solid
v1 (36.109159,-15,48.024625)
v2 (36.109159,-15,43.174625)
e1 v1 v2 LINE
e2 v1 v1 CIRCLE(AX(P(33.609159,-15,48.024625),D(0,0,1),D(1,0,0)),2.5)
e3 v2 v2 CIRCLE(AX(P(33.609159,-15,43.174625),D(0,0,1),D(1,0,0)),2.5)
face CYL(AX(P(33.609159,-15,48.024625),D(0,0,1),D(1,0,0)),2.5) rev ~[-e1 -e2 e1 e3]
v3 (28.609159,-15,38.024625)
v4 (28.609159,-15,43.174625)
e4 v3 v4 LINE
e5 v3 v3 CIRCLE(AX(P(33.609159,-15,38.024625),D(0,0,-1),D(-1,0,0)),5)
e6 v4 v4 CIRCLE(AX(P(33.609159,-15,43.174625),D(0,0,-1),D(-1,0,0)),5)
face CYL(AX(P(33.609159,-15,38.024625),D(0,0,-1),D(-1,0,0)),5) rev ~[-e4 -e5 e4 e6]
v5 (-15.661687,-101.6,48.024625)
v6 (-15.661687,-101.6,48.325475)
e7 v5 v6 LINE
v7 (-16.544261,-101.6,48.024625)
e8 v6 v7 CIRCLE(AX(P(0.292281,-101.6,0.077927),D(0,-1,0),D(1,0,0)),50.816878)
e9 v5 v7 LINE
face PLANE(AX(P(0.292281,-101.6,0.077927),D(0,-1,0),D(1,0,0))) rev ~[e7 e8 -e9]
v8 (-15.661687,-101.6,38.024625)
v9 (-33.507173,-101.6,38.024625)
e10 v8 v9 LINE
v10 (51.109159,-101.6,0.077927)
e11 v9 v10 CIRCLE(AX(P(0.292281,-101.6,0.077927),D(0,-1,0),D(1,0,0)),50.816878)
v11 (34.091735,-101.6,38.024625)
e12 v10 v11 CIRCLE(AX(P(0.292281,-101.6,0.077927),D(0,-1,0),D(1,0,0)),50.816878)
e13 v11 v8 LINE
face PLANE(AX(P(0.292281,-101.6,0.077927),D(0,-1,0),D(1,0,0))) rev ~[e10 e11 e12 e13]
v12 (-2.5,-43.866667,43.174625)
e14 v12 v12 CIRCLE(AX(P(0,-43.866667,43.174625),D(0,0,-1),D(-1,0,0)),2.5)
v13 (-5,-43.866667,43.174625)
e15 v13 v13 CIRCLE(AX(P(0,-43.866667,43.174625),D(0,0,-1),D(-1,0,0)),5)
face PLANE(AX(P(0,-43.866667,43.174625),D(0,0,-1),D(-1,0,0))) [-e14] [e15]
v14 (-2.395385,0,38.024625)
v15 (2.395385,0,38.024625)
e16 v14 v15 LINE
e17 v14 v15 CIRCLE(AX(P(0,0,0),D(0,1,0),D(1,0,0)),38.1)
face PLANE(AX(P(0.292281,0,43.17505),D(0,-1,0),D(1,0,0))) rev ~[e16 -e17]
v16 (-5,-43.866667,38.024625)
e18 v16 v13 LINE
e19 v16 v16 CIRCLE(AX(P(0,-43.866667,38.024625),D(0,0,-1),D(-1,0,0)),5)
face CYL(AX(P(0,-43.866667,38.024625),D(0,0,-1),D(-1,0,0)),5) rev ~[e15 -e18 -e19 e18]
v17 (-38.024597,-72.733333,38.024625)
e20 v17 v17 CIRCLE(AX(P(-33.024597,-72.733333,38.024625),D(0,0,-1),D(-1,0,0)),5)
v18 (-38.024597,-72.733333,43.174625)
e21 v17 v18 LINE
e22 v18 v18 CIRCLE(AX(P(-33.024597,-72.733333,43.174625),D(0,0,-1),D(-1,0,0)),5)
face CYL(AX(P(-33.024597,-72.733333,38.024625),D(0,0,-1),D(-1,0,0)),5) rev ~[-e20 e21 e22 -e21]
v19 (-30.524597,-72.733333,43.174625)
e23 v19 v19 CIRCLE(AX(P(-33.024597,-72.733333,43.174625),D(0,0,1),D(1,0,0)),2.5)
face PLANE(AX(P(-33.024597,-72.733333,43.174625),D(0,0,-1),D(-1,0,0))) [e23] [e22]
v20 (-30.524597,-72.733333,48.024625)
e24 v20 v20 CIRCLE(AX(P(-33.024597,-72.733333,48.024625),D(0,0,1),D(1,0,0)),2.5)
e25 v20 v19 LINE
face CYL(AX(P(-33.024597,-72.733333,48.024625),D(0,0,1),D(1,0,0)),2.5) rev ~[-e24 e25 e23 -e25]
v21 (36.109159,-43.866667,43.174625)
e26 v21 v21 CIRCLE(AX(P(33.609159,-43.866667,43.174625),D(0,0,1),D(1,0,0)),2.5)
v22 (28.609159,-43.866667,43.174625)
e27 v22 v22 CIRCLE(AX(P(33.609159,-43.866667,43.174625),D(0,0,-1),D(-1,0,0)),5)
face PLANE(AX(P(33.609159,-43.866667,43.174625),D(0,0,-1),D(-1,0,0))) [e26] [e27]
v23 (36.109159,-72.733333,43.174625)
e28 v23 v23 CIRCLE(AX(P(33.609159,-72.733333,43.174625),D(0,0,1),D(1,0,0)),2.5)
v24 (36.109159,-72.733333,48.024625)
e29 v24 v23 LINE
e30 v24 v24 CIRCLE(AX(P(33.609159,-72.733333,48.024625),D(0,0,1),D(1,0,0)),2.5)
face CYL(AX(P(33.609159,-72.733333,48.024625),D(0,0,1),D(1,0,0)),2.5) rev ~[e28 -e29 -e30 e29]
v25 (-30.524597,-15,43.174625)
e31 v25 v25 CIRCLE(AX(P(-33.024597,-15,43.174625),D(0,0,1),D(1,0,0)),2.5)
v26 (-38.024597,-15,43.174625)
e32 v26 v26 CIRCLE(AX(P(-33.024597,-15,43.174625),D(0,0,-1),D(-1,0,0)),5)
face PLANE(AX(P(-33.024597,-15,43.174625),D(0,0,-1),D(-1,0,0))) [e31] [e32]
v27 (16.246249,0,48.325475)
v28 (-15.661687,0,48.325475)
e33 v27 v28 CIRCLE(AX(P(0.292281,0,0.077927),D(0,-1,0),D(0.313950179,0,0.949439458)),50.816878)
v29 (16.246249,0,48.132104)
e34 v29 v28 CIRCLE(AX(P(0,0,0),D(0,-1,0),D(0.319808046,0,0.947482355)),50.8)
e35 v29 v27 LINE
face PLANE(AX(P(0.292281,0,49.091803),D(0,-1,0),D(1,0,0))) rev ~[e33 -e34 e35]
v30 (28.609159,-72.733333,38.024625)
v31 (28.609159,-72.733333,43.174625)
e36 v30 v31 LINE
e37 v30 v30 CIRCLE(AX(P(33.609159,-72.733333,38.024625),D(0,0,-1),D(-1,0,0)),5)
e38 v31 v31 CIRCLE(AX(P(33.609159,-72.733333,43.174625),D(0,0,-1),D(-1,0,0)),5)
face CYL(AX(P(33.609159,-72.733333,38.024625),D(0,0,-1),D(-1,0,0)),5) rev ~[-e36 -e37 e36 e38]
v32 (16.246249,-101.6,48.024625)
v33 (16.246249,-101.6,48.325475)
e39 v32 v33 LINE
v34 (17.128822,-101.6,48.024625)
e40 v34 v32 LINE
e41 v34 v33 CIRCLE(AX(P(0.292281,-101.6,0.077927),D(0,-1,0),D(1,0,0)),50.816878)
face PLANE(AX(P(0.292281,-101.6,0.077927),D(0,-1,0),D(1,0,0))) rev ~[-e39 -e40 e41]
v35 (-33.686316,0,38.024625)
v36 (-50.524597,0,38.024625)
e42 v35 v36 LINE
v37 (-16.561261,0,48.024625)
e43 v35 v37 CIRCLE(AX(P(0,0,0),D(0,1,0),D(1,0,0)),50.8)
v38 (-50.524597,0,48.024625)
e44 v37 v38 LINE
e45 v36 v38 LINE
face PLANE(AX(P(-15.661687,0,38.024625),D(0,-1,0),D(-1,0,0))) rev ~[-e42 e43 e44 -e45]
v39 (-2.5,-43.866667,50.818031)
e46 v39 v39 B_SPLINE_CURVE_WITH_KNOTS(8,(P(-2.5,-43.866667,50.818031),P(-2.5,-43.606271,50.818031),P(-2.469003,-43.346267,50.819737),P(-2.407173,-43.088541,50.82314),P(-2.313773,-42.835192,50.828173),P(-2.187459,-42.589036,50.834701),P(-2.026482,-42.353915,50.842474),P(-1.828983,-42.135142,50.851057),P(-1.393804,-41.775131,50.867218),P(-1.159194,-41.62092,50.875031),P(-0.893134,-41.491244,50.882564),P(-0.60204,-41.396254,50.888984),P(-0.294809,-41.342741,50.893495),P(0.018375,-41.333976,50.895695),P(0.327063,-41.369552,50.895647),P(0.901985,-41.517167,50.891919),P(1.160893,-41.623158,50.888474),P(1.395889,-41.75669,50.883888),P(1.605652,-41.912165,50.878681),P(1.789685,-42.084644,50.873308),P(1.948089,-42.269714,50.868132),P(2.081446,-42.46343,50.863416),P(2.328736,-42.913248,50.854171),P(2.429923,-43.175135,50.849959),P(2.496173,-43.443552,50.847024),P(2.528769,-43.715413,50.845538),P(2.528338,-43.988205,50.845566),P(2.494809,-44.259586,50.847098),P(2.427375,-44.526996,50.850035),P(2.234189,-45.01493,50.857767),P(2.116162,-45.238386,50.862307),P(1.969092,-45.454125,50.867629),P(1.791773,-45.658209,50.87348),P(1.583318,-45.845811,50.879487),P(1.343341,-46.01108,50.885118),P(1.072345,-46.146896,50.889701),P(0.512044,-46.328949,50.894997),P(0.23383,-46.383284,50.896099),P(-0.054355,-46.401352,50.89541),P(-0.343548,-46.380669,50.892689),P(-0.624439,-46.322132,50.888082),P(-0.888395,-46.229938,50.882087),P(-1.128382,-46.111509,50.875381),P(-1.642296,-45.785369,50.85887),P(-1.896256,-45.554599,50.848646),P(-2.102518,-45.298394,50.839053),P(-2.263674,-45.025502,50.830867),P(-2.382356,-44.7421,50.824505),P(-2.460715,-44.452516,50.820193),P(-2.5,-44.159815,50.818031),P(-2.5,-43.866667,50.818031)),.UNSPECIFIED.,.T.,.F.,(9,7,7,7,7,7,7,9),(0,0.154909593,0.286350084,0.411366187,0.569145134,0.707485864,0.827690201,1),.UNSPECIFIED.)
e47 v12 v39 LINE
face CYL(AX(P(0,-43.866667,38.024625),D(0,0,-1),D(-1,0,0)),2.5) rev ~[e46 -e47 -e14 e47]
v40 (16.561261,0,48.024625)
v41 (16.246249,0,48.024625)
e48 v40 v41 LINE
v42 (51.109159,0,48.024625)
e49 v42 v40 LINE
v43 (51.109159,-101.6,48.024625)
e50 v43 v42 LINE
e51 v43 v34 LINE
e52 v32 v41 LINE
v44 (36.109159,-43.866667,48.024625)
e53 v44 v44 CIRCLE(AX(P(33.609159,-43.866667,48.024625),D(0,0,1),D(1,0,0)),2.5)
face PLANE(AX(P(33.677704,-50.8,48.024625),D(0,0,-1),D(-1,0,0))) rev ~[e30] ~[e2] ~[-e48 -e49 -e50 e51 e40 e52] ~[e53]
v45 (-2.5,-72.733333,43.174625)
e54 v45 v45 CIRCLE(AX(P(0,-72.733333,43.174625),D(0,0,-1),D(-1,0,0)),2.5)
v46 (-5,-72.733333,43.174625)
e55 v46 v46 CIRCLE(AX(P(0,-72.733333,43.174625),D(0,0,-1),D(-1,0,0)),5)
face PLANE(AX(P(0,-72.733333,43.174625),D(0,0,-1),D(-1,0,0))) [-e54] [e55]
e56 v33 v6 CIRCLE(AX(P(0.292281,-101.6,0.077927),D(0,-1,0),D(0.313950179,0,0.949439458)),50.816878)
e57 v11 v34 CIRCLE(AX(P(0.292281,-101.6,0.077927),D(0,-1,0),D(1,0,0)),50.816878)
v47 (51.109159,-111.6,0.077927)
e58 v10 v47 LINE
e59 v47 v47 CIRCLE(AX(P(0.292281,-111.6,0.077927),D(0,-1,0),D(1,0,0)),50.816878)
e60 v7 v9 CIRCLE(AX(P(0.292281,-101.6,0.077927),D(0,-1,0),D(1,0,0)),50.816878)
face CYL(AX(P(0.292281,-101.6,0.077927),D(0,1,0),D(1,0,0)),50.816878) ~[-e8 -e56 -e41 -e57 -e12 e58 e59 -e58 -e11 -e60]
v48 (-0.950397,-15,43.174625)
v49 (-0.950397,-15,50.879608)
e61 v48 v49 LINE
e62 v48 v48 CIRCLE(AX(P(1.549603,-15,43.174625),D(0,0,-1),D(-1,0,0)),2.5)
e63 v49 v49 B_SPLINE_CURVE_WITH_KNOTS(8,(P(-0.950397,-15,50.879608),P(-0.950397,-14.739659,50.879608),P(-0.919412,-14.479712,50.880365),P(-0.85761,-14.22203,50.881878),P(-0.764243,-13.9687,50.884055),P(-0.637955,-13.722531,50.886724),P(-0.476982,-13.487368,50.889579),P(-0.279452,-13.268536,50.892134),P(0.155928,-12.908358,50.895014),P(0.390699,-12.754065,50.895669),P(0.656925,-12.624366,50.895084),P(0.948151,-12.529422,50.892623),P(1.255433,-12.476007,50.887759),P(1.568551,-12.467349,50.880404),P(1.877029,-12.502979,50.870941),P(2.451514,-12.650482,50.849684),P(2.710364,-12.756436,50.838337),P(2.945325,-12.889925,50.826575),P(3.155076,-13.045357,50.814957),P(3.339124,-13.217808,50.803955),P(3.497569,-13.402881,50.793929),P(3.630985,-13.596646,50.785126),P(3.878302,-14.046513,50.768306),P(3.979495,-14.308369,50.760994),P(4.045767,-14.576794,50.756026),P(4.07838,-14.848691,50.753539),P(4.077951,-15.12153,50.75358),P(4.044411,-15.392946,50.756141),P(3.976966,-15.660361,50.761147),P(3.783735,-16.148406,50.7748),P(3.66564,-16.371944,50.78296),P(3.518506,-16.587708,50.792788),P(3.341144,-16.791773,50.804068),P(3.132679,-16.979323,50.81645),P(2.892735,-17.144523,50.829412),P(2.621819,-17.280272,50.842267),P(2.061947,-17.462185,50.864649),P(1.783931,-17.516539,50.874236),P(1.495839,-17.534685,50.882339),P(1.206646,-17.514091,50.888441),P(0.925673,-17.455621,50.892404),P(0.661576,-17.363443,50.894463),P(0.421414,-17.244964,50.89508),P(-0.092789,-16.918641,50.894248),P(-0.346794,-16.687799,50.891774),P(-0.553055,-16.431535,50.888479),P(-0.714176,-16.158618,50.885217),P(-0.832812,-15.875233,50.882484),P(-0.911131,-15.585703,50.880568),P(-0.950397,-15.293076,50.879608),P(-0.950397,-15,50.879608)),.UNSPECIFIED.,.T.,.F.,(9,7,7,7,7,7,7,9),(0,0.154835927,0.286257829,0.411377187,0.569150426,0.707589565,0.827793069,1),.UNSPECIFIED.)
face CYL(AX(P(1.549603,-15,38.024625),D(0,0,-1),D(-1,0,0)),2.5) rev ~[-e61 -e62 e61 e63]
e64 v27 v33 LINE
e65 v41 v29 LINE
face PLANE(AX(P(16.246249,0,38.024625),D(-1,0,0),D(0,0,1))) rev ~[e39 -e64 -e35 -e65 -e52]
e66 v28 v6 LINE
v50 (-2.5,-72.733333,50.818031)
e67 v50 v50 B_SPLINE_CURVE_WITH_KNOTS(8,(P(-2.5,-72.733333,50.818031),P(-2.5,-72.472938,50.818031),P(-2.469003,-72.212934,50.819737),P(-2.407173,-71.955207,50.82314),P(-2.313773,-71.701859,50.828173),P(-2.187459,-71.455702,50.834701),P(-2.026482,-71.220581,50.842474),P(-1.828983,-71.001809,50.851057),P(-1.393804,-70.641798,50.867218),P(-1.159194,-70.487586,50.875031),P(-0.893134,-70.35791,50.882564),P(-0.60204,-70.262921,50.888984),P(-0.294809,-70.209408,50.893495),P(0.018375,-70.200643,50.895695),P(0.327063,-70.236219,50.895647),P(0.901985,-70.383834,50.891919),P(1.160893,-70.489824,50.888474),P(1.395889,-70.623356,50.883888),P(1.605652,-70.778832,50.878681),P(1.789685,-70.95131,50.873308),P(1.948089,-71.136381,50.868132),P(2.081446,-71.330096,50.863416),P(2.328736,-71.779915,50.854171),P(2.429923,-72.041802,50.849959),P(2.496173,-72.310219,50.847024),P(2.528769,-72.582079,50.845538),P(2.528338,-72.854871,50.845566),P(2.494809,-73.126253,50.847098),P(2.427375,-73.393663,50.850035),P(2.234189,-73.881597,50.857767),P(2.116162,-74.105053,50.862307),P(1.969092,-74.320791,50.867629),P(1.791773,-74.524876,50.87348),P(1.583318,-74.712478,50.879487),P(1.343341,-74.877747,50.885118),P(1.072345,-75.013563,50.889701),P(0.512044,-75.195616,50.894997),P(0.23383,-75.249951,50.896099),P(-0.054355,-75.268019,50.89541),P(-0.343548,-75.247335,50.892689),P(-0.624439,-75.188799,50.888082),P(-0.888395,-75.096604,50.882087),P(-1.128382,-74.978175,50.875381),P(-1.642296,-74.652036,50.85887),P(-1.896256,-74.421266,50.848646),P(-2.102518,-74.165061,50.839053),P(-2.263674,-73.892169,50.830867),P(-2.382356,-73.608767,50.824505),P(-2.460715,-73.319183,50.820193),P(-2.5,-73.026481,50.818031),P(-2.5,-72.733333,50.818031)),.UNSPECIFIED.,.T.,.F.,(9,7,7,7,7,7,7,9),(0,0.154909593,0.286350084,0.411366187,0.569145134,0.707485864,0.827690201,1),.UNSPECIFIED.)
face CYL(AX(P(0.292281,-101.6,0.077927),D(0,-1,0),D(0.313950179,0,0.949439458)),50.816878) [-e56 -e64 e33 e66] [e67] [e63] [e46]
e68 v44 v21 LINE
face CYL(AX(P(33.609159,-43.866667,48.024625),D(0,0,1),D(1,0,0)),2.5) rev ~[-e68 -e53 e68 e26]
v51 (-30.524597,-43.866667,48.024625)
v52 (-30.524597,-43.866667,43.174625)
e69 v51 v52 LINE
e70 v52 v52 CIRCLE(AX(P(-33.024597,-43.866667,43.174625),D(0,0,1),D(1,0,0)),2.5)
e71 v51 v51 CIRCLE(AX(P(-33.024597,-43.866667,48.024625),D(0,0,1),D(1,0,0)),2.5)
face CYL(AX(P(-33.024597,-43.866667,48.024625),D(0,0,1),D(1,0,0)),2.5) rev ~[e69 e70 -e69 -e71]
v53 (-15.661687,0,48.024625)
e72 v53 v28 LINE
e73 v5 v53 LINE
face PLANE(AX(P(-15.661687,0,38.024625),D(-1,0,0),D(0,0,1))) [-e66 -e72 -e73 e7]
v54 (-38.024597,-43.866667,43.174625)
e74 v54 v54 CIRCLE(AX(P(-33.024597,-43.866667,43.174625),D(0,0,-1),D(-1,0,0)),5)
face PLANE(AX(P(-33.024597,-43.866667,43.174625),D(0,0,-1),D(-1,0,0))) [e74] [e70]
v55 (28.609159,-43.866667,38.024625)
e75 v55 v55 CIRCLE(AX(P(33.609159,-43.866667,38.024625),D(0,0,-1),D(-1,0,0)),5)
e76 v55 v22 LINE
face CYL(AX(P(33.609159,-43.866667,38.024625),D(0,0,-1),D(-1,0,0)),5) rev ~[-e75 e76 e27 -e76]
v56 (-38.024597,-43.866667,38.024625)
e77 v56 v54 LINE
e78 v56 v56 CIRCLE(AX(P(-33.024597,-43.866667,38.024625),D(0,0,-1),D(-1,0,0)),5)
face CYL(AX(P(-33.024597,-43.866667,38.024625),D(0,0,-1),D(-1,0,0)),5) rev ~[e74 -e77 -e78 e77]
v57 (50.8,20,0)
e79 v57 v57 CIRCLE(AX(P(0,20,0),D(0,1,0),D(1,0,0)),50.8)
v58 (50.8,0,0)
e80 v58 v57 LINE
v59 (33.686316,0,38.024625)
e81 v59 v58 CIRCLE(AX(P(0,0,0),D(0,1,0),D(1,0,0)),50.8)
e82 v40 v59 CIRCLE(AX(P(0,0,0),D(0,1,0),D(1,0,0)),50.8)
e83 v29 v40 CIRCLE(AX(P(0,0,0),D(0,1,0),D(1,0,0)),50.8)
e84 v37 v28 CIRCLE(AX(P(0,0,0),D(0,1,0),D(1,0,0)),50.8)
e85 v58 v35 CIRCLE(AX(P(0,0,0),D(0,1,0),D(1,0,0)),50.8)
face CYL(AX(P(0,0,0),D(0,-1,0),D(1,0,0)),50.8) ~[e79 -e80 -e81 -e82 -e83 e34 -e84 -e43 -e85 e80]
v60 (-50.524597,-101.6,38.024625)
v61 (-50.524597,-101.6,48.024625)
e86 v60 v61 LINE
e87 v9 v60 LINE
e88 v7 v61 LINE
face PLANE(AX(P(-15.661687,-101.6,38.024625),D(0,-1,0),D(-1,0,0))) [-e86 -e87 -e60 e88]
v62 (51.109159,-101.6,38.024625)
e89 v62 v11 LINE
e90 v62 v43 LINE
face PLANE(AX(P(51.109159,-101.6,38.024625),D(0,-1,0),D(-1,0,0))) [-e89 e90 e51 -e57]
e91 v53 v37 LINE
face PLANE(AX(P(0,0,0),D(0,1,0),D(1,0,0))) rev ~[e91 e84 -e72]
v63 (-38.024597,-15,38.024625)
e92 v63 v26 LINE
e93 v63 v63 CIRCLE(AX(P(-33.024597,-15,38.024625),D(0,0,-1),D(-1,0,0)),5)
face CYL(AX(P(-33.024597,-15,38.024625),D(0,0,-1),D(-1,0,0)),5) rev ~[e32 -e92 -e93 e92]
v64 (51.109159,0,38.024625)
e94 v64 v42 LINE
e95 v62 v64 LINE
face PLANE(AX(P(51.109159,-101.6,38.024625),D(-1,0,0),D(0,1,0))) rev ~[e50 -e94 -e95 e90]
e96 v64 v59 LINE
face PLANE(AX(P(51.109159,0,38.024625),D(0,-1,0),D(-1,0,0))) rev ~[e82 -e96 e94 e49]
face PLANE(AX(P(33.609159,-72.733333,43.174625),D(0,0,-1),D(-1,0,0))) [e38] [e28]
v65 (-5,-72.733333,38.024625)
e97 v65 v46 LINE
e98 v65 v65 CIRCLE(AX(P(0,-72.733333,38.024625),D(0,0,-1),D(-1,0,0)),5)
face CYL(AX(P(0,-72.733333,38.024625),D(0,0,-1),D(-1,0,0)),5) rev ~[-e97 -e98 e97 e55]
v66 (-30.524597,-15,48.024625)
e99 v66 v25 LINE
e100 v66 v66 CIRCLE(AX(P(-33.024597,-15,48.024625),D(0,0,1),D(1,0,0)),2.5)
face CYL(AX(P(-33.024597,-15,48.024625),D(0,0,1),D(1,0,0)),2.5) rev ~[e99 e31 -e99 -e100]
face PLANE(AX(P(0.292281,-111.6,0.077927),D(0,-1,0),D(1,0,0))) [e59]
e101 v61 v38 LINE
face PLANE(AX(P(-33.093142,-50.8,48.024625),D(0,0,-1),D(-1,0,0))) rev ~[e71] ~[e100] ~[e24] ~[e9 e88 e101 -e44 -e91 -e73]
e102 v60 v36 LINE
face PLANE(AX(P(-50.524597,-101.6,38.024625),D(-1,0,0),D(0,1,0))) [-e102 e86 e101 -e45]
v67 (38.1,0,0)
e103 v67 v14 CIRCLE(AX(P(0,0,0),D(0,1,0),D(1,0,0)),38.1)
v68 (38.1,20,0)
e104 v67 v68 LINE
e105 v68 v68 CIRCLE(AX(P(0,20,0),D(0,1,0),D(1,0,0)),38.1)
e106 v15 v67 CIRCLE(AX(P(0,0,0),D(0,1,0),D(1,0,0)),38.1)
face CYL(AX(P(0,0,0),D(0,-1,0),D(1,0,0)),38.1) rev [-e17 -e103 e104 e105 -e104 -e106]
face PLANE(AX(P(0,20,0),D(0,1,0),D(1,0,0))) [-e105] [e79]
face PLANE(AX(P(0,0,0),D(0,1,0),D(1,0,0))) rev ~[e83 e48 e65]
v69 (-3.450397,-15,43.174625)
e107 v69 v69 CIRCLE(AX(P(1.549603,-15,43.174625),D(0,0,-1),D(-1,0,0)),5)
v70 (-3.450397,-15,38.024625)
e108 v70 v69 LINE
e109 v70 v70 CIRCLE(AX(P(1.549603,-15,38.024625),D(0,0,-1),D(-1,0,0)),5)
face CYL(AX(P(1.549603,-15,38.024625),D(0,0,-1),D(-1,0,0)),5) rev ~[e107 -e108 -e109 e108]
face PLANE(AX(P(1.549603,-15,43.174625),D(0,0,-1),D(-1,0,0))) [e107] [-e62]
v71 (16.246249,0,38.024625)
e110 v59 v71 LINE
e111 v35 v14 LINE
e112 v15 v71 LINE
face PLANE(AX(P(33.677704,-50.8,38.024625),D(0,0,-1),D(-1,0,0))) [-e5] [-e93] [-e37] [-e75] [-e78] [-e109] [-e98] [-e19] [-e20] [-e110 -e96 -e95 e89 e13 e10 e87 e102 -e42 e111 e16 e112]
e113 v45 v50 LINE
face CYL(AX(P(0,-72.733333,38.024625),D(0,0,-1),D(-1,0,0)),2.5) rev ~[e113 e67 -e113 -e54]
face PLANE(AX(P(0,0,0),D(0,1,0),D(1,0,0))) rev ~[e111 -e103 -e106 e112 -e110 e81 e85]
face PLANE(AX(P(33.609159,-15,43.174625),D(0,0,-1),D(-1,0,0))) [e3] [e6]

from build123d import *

# Parameters (mm, degrees)
SKETCH1_R               = 50.8
SKETCH1_R_2             = 38.1
BOSS_EXTRUDE1_DEPTH     = 20
SKETCH2_W               = 31.907935637
SKETCH2_H               = 10.300850003
BOSS_EXTRUDE2_DEPTH     = 101.6
BOSS_EXTRUDE3_DEPTH     = 101.6
SKETCH4_R               = 50.816877582
BOSS_EXTRUDE4_DEPTH     = 10
SKETCH6_W               = 34.862909764
SKETCH6_H               = 101.6
BOSS_EXTRUDE5_DEPTH     = 10
SKETCH7_W               = 34.862909764
SKETCH7_H               = 101.6
BOSS_EXTRUDE6_DEPTH     = 10
SKETCH8_R               = 2.5
CUT_EXTRUDE1_DEPTH      = 3.870178859
CUT_EXTRUDE1_DEPTH_BACK = 99.824625306
SKETCH10_R              = 5
CUT_EXTRUDE2_DEPTH      = 5.15
SKETCH11_R              = 2.5
CUT_EXTRUDE3_DEPTH      = 3.870178859
CUT_EXTRUDE3_DEPTH_BACK = 99.824625306
SKETCH12_R              = 5
CUT_EXTRUDE4_DEPTH      = 5.15
SKETCH13_R              = 2.5
CUT_EXTRUDE5_DEPTH      = 89.824625306
CUT_EXTRUDE5_DEPTH_BACK = 13.870178859
SKETCH14_R              = 5
CUT_EXTRUDE6_DEPTH      = 5.15


with BuildPart() as part:
    # Sketch1 → Boss-Extrude1 (new body)
    with BuildSketch(Plane(origin=(0, 0, 0), x_dir=(1, 0, 0), z_dir=(0, 1, 0))):
        Circle(SKETCH1_R)
        Circle(SKETCH1_R_2, mode=Mode.SUBTRACT)
    extrude(amount=BOSS_EXTRUDE1_DEPTH)

    # Sketch2 → Boss-Extrude2 (add)
    with BuildSketch(Plane.XZ):
        with Locations((0.29228093, 43.175050308)):
            Rectangle(SKETCH2_W, SKETCH2_H)
    extrude(amount=BOSS_EXTRUDE2_DEPTH)

    # Sketch3 → Boss-Extrude3 (add)
    with BuildSketch(Plane.XZ.offset(101.6)):
        with BuildLine():
            Line((-15.661686888, 48.325475309), (16.246248749, 48.325475309))
            ThreePointArc((16.246248749, 48.325475309), (0.292280931, 50.894804165), (-15.661686888, 48.325475309))
        make_face()
    extrude(amount=-BOSS_EXTRUDE3_DEPTH)

    # Sketch4 → Boss-Extrude4 (add)
    with BuildSketch(Plane.XZ.offset(101.6)):
        with Locations((0.292280931, 0.077926583)):
            Circle(SKETCH4_R)
    extrude(amount=BOSS_EXTRUDE4_DEPTH)

    # Sketch6 → Boss-Extrude5 (add)
    with BuildSketch(Plane(origin=(0, 0, 38.024625306), x_dir=(-1, 0, 0), z_dir=(0, 0, -1))):
        with Locations((33.09314177, -50.8)):
            Rectangle(SKETCH6_W, SKETCH6_H)
    extrude(amount=-BOSS_EXTRUDE5_DEPTH)

    # Sketch7 → Boss-Extrude6 (add)
    with BuildSketch(Plane(origin=(0, 0, 38.024625306), x_dir=(-1, 0, 0), z_dir=(0, 0, -1))):
        with Locations((-33.677703631, -50.8)):
            Rectangle(SKETCH7_W, SKETCH7_H)
    extrude(amount=-BOSS_EXTRUDE6_DEPTH)

    # Sketch8 → Cut-Extrude1 (cut, two sides)
    with BuildSketch(Plane.XY.offset(48.024625306)) as cut_extrude1_sk:
        with Locations((33.609158513, -15)):
            Circle(SKETCH8_R)
        with Locations((33.609158513, -43.86666666)):
            Circle(SKETCH8_R)
        with Locations((33.609158513, -72.733333333)):
            Circle(SKETCH8_R)
    extrude(amount=CUT_EXTRUDE1_DEPTH, mode=Mode.SUBTRACT)
    extrude(cut_extrude1_sk.sketch, amount=-CUT_EXTRUDE1_DEPTH_BACK, mode=Mode.SUBTRACT)

    # Sketch10 → Cut-Extrude2 (cut)
    with BuildSketch(Plane(origin=(0, 0, 38.024625306), x_dir=(-1, 0, 0), z_dir=(0, 0, -1))):
        with Locations((-33.609158513, -15)):
            Circle(SKETCH10_R)
        with Locations((-33.609158513, -43.86666666)):
            Circle(SKETCH10_R)
        with Locations((-33.609158513, -72.733333333)):
            Circle(SKETCH10_R)
    extrude(amount=-CUT_EXTRUDE2_DEPTH, mode=Mode.SUBTRACT)

    # Sketch11 → Cut-Extrude3 (cut, two sides)
    with BuildSketch(Plane.XY.offset(48.024625306)) as cut_extrude3_sk:
        with Locations((-33.024596652, -15)):
            Circle(SKETCH11_R)
        with Locations((-33.024596652, -43.866666667)):
            Circle(SKETCH11_R)
        with Locations((-33.024596652, -72.733333333)):
            Circle(SKETCH11_R)
    extrude(amount=CUT_EXTRUDE3_DEPTH, mode=Mode.SUBTRACT)
    extrude(cut_extrude3_sk.sketch, amount=-CUT_EXTRUDE3_DEPTH_BACK, mode=Mode.SUBTRACT)

    # Sketch12 → Cut-Extrude4 (cut)
    with BuildSketch(Plane(origin=(0, 0, 38.024625306), x_dir=(-1, 0, 0), z_dir=(0, 0, -1))):
        with Locations((33.024596652, -15)):
            Circle(SKETCH12_R)
        with Locations((33.024596652, -43.866666667)):
            Circle(SKETCH12_R)
        with Locations((33.024596652, -72.733333333)):
            Circle(SKETCH12_R)
    extrude(amount=-CUT_EXTRUDE4_DEPTH, mode=Mode.SUBTRACT)

    # Sketch13 → Cut-Extrude5 (cut, two sides)
    with BuildSketch(Plane(origin=(0, 0, 38.024625306), x_dir=(-1, 0, 0), z_dir=(0, 0, -1))) as cut_extrude5_sk:
        with Locations((-1.549603414, -15)):
            Circle(SKETCH13_R)
        with Locations((0, -43.866666667)):
            Circle(SKETCH13_R)
        with Locations((0, -72.733333333)):
            Circle(SKETCH13_R)
    extrude(amount=CUT_EXTRUDE5_DEPTH, mode=Mode.SUBTRACT)
    extrude(cut_extrude5_sk.sketch, amount=-CUT_EXTRUDE5_DEPTH_BACK, mode=Mode.SUBTRACT)

    # Sketch14 → Cut-Extrude6 (cut)
    with BuildSketch(Plane(origin=(0, 0, 38.024625306), x_dir=(-1, 0, 0), z_dir=(0, 0, -1))):
        with Locations((-1.549603414, -15)):
            Circle(SKETCH14_R)
        with Locations((0, -43.866666667)):
            Circle(SKETCH14_R)
        with Locations((0, -72.733333333)):
            Circle(SKETCH14_R)
    extrude(amount=-CUT_EXTRUDE6_DEPTH, mode=Mode.SUBTRACT)


solid = part.part
